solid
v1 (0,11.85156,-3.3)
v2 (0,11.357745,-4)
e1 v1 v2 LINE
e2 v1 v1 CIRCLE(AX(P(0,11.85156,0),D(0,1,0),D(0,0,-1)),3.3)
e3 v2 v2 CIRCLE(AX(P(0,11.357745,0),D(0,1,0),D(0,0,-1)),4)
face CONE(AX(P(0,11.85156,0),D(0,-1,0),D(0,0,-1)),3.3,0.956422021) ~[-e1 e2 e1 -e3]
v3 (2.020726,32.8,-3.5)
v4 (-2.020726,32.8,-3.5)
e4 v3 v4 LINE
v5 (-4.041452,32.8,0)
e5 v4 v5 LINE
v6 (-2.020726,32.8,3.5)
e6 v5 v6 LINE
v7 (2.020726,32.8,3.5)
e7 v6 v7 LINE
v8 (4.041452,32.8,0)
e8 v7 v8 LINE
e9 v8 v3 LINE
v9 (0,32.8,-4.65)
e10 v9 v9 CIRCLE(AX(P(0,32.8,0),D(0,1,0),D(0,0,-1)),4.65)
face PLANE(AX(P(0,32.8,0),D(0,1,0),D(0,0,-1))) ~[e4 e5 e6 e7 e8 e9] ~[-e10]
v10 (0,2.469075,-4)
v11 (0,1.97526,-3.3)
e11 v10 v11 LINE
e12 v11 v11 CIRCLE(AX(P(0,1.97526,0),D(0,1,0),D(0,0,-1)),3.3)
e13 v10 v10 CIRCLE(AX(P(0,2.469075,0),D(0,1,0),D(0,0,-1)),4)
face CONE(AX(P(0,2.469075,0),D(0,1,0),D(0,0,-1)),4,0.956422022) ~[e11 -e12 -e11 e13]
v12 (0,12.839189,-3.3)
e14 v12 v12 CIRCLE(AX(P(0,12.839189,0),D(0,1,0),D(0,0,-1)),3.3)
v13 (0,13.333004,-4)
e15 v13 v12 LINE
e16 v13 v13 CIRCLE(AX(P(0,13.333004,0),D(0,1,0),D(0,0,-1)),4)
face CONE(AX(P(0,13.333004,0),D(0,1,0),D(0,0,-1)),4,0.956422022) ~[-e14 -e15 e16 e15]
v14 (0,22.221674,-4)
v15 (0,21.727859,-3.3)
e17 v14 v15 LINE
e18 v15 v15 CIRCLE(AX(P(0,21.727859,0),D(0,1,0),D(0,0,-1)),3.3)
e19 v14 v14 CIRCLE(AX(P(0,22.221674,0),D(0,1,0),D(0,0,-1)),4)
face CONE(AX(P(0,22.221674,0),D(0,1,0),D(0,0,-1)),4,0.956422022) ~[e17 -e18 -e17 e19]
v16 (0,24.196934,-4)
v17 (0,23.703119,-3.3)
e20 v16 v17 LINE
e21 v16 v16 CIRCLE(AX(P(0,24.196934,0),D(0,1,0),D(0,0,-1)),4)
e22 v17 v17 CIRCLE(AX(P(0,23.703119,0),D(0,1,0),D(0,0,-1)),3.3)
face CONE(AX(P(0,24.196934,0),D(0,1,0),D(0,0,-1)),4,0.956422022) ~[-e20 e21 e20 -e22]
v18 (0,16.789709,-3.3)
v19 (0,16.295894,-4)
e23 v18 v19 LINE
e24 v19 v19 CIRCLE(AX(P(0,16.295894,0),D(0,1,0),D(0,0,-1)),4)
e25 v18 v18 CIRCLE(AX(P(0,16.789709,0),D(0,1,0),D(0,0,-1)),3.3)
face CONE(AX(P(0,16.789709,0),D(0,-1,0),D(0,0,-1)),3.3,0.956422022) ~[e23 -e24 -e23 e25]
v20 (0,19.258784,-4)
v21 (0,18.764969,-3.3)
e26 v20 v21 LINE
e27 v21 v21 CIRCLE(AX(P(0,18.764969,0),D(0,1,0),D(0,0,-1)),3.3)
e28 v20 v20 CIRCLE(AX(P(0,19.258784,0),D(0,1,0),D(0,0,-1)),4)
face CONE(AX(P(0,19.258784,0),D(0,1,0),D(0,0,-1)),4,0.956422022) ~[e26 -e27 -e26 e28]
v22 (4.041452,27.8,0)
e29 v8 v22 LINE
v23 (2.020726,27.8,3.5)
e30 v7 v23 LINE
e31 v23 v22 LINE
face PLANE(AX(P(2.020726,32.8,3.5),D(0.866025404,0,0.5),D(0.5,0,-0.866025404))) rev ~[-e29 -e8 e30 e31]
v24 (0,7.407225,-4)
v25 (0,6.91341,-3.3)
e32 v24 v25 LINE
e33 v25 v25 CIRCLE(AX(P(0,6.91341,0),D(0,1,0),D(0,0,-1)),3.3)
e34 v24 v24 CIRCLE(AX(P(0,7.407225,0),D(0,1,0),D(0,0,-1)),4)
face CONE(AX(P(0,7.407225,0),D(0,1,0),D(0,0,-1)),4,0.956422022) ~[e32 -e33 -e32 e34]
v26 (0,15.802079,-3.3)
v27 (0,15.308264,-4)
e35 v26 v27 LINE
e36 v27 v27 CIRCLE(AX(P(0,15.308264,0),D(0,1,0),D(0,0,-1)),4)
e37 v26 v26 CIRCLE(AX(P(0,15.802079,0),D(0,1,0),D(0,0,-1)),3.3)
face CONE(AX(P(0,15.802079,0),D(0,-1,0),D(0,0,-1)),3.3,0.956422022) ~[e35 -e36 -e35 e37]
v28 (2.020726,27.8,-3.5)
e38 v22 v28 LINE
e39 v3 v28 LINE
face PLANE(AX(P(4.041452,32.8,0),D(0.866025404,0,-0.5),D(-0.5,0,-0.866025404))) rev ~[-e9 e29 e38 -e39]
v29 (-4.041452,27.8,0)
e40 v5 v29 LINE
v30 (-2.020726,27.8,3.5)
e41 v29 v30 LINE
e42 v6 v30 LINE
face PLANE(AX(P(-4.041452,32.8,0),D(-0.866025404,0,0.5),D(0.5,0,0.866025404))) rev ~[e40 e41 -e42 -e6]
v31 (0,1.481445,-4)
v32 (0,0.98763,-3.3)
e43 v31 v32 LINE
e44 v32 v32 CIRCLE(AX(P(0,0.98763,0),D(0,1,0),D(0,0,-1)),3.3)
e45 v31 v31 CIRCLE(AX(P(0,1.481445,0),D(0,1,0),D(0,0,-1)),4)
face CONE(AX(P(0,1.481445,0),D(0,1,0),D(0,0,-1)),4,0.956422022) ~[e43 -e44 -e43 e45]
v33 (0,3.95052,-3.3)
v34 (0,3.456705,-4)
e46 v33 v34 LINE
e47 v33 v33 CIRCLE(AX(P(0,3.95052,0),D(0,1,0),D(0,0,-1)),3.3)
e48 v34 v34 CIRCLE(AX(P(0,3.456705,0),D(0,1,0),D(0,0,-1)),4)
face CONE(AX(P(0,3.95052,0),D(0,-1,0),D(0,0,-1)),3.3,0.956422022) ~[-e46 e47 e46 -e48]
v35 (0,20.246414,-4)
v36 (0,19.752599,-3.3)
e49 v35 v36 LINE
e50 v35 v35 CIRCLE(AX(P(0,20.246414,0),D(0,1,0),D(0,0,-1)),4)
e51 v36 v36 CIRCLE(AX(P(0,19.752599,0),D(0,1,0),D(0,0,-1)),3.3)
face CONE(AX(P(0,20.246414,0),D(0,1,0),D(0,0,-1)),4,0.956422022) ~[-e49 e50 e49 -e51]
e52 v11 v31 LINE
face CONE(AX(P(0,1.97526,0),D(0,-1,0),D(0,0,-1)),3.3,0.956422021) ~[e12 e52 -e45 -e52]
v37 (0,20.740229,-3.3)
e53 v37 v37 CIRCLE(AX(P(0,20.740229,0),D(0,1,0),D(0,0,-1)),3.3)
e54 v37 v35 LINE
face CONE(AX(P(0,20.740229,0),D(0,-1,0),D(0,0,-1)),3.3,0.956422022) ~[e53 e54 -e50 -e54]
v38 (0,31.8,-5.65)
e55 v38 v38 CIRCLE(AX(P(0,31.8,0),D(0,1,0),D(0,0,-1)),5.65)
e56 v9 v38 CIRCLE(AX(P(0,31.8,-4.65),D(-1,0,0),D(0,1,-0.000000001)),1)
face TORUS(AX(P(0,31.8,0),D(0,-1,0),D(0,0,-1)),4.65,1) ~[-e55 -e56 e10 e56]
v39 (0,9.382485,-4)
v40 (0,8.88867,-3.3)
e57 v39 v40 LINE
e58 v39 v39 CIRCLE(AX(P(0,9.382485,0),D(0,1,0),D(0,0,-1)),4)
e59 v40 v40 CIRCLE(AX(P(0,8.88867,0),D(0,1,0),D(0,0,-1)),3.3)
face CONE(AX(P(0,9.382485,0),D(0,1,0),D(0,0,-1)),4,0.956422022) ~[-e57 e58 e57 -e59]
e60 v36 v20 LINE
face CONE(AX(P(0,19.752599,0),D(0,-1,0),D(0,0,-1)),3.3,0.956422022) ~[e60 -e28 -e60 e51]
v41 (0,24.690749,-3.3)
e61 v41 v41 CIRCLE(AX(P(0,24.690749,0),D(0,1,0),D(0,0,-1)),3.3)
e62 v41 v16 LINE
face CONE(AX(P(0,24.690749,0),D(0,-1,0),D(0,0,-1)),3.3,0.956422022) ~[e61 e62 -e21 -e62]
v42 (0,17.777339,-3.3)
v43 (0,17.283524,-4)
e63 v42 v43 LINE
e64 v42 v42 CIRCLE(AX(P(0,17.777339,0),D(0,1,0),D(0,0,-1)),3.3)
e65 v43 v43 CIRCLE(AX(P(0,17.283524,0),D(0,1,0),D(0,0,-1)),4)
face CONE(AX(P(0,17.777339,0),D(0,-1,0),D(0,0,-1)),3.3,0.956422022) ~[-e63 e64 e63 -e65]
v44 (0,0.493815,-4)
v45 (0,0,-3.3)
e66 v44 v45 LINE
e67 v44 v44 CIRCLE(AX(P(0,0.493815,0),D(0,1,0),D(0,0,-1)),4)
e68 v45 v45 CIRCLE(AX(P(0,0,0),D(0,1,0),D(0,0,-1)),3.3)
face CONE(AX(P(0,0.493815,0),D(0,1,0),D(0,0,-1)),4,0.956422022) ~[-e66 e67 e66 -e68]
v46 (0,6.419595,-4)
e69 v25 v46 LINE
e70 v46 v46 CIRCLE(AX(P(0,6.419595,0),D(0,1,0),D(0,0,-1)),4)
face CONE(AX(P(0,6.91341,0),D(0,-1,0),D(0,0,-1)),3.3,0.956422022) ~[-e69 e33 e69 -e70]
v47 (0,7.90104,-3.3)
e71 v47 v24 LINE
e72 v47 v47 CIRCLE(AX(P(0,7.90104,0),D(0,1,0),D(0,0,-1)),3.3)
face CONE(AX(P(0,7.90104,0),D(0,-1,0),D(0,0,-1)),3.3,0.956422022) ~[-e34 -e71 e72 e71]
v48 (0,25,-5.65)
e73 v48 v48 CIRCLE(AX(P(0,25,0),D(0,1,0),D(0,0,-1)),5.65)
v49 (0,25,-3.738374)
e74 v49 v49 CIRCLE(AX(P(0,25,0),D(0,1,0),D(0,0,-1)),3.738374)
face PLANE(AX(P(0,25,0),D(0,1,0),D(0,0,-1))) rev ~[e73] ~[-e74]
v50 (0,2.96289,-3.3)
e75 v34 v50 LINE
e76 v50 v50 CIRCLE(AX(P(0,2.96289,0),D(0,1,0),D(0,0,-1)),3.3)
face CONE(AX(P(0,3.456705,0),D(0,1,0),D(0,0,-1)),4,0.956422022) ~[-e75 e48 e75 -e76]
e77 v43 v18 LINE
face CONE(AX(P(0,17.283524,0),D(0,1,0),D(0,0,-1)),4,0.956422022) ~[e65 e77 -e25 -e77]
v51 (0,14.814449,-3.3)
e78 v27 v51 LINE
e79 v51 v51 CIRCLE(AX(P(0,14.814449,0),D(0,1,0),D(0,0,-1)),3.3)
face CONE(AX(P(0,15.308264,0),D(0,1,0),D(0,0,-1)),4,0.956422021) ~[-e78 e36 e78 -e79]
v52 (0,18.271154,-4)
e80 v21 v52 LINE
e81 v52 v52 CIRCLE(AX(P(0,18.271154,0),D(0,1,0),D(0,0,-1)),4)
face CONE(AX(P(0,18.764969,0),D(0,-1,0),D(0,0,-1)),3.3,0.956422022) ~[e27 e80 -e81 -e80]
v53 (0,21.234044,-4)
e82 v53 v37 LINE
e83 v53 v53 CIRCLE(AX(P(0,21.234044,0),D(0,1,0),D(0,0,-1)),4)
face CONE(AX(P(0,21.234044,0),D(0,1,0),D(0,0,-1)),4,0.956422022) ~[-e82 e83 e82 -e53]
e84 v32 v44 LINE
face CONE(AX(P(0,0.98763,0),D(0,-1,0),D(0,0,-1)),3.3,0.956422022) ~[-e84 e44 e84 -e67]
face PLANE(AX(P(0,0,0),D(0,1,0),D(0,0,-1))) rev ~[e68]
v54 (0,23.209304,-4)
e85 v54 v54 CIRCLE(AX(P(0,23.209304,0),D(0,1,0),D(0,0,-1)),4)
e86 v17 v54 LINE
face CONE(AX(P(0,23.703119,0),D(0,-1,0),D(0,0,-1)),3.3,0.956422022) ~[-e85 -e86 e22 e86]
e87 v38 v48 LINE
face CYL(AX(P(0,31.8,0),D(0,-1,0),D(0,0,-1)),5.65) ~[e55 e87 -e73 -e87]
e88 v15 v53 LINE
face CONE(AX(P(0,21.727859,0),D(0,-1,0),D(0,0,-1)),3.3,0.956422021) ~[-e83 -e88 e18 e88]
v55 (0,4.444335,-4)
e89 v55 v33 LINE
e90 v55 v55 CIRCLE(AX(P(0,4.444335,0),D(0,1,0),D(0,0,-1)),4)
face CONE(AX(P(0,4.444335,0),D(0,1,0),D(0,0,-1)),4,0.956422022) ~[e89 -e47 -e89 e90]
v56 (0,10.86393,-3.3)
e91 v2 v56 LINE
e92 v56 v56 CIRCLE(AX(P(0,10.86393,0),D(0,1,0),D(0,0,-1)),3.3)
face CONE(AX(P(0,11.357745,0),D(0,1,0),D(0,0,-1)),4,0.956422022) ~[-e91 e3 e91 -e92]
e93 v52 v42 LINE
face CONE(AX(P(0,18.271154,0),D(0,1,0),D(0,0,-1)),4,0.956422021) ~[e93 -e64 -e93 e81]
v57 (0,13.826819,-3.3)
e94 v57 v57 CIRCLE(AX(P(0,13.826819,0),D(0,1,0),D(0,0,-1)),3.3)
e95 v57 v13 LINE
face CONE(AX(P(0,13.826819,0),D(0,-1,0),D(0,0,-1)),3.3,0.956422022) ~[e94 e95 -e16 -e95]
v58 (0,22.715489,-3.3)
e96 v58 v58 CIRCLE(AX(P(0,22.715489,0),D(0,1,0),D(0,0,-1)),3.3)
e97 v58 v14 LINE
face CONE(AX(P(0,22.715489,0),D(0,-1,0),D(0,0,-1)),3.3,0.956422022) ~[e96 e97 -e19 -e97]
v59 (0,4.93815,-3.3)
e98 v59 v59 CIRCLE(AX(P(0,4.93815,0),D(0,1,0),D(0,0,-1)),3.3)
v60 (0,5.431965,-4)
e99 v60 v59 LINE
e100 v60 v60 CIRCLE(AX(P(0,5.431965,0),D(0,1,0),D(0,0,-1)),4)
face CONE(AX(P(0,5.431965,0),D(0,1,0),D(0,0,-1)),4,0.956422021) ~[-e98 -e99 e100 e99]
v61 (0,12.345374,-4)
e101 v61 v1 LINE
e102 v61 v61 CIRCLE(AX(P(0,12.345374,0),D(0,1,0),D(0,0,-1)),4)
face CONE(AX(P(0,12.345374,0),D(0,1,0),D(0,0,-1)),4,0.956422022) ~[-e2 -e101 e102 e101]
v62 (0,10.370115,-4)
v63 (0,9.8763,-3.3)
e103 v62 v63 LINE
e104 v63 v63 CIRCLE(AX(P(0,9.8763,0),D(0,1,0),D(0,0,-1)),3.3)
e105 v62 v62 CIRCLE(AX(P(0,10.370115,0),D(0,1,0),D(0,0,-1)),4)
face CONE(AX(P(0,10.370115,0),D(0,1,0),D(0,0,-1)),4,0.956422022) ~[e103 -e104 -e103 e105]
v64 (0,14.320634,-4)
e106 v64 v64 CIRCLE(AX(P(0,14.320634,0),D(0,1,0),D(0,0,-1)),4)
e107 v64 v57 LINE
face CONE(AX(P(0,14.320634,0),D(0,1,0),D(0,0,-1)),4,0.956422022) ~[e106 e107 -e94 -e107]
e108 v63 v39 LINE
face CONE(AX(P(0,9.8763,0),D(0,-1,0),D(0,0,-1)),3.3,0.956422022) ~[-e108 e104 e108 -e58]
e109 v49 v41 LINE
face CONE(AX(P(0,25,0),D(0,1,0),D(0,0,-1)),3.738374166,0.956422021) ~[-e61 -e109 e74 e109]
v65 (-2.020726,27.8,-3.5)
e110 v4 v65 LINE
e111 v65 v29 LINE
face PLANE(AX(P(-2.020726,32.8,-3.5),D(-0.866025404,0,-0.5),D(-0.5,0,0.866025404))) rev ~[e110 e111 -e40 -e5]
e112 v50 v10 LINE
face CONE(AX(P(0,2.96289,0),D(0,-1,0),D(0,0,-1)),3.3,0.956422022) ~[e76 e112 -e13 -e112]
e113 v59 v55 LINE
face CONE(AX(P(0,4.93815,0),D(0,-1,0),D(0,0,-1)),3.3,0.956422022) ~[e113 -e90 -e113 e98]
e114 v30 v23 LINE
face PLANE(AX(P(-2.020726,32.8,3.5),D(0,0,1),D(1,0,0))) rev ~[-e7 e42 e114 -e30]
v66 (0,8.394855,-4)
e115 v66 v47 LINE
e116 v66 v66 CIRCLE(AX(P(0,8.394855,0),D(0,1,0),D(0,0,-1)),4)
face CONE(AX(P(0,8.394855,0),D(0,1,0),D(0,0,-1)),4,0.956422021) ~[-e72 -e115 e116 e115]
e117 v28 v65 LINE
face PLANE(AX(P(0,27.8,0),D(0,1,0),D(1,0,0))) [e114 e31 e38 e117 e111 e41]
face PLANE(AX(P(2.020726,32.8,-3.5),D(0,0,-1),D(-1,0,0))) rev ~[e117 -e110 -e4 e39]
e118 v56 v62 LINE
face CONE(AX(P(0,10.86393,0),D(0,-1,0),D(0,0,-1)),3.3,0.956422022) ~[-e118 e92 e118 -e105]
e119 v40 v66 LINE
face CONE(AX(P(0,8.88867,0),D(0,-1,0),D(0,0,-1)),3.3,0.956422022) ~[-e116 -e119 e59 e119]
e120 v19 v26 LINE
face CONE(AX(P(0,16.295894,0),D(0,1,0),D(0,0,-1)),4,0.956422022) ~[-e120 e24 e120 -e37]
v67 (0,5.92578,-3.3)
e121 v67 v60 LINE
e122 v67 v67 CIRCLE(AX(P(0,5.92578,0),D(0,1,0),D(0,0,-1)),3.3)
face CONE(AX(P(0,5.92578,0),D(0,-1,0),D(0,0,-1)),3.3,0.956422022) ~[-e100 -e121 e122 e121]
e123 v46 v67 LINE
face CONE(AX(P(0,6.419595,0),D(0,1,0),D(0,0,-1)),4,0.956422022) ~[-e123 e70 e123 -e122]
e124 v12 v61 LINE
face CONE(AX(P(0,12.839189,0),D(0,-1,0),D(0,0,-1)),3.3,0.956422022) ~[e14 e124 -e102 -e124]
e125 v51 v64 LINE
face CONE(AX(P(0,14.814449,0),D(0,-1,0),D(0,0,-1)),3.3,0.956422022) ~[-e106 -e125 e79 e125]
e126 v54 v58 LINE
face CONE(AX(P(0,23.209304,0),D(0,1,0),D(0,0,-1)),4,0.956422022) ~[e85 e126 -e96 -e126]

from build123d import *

# Parameters (mm, degrees)
CUT_EXTRUDE_1_DEPTH = 5


with BuildPart() as part:
    # 草图4 → 旋转3 (revolve)
    with BuildSketch(Plane.XY, mode=Mode.PRIVATE) as revolve_3_sk:
        with BuildLine():
            Line((0, 0), (0, 32.8))
            Line((0, 32.8), (4.65, 32.8))
            ThreePointArc((4.65, 32.8), (5.357106781, 32.507106781), (5.65, 31.8))
            Line((5.65, 31.8), (5.65, 25))
            Line((5.65, 25), (3.738374166, 25))
            Line((3.738374166, 25), (3.3, 24.690748957))
            Line((3.3, 24.690748957), (4, 24.196933978))
            Line((4, 24.196933978), (3.3, 23.703118999))
            Line((3.3, 23.703118999), (4, 23.20930402))
            Line((4, 23.20930402), (3.3, 22.715489041))
            Line((3.3, 22.715489041), (4, 22.221674062))
            Line((4, 22.221674062), (3.3, 21.727859083))
            Line((3.3, 21.727859083), (4, 21.234044103))
            Line((4, 21.234044103), (3.3, 20.740229124))
            Line((3.3, 20.740229124), (4, 20.246414145))
            Line((4, 20.246414145), (3.3, 19.752599166))
            Line((3.3, 19.752599166), (4, 19.258784187))
            Line((4, 19.258784187), (3.3, 18.764969208))
            Line((3.3, 18.764969208), (4, 18.271154229))
            Line((4, 18.271154229), (3.3, 17.777339249))
            Line((3.3, 17.777339249), (4, 17.28352427))
            Line((4, 17.28352427), (3.3, 16.789709291))
            Line((3.3, 16.789709291), (4, 16.295894312))
            Line((4, 16.295894312), (3.3, 15.802079333))
            Line((3.3, 15.802079333), (4, 15.308264354))
            Line((4, 15.308264354), (3.3, 14.814449374))
            Line((3.3, 14.814449374), (4, 14.320634395))
            Line((4, 14.320634395), (3.3, 13.826819416))
            Line((3.3, 13.826819416), (4, 13.333004437))
            Line((4, 13.333004437), (3.3, 12.839189458))
            Line((3.3, 12.839189458), (4, 12.345374479))
            Line((4, 12.345374479), (3.3, 11.8515595))
            Line((3.3, 11.8515595), (4, 11.35774452))
            Line((4, 11.35774452), (3.3, 10.863929541))
            Line((3.3, 10.863929541), (4, 10.370114562))
            Line((4, 10.370114562), (3.3, 9.876299583))
            Line((3.3, 9.876299583), (4, 9.382484604))
            Line((4, 9.382484604), (3.3, 8.888669625))
            Line((3.3, 8.888669625), (4, 8.394854646))
            Line((4, 8.394854646), (3.3, 7.901039666))
            Line((3.3, 7.901039666), (4, 7.407224687))
            Line((4, 7.407224687), (3.3, 6.913409708))
            Line((3.3, 6.913409708), (4, 6.419594729))
            Line((4, 6.419594729), (3.3, 5.92577975))
            Line((3.3, 5.92577975), (4, 5.431964771))
            Line((4, 5.431964771), (3.3, 4.938149791))
            Line((3.3, 4.938149791), (4, 4.444334812))
            Line((4, 4.444334812), (3.3, 3.950519833))
            Line((3.3, 3.950519833), (4, 3.456704854))
            Line((4, 3.456704854), (3.3, 2.962889875))
            Line((3.3, 2.962889875), (4, 2.469074896))
            Line((4, 2.469074896), (3.3, 1.975259917))
            Line((3.3, 1.975259917), (4, 1.481444937))
            Line((4, 1.481444937), (3.3, 0.987629958))
            Line((3.3, 0.987629958), (4, 0.493814979))
            Line((4, 0.493814979), (3.3, 0))
            Line((3.3, 0), (0, 0))
        make_face()
    revolve(revolve_3_sk.sketch.rotate(Axis((0, 24.690748957, 0), (0, 1, 0)), 90), axis=Axis((0, 24.690748957, 0), (0, 1, 0)))

    # 草图6 → 切除-拉伸1 (cut)
    with BuildSketch(Plane(origin=(0, 32.8, 0), x_dir=(1, 0, 0), z_dir=(0, 1, 0))):
        Polygon((4.041451884, 0), (2.020725942, 3.5), (-2.020725942, 3.5), (-4.041451884, 0), (-2.020725942, -3.5), (2.020725942, -3.5), align=None)
    extrude(amount=-CUT_EXTRUDE_1_DEPTH, mode=Mode.SUBTRACT)


solid = part.part
